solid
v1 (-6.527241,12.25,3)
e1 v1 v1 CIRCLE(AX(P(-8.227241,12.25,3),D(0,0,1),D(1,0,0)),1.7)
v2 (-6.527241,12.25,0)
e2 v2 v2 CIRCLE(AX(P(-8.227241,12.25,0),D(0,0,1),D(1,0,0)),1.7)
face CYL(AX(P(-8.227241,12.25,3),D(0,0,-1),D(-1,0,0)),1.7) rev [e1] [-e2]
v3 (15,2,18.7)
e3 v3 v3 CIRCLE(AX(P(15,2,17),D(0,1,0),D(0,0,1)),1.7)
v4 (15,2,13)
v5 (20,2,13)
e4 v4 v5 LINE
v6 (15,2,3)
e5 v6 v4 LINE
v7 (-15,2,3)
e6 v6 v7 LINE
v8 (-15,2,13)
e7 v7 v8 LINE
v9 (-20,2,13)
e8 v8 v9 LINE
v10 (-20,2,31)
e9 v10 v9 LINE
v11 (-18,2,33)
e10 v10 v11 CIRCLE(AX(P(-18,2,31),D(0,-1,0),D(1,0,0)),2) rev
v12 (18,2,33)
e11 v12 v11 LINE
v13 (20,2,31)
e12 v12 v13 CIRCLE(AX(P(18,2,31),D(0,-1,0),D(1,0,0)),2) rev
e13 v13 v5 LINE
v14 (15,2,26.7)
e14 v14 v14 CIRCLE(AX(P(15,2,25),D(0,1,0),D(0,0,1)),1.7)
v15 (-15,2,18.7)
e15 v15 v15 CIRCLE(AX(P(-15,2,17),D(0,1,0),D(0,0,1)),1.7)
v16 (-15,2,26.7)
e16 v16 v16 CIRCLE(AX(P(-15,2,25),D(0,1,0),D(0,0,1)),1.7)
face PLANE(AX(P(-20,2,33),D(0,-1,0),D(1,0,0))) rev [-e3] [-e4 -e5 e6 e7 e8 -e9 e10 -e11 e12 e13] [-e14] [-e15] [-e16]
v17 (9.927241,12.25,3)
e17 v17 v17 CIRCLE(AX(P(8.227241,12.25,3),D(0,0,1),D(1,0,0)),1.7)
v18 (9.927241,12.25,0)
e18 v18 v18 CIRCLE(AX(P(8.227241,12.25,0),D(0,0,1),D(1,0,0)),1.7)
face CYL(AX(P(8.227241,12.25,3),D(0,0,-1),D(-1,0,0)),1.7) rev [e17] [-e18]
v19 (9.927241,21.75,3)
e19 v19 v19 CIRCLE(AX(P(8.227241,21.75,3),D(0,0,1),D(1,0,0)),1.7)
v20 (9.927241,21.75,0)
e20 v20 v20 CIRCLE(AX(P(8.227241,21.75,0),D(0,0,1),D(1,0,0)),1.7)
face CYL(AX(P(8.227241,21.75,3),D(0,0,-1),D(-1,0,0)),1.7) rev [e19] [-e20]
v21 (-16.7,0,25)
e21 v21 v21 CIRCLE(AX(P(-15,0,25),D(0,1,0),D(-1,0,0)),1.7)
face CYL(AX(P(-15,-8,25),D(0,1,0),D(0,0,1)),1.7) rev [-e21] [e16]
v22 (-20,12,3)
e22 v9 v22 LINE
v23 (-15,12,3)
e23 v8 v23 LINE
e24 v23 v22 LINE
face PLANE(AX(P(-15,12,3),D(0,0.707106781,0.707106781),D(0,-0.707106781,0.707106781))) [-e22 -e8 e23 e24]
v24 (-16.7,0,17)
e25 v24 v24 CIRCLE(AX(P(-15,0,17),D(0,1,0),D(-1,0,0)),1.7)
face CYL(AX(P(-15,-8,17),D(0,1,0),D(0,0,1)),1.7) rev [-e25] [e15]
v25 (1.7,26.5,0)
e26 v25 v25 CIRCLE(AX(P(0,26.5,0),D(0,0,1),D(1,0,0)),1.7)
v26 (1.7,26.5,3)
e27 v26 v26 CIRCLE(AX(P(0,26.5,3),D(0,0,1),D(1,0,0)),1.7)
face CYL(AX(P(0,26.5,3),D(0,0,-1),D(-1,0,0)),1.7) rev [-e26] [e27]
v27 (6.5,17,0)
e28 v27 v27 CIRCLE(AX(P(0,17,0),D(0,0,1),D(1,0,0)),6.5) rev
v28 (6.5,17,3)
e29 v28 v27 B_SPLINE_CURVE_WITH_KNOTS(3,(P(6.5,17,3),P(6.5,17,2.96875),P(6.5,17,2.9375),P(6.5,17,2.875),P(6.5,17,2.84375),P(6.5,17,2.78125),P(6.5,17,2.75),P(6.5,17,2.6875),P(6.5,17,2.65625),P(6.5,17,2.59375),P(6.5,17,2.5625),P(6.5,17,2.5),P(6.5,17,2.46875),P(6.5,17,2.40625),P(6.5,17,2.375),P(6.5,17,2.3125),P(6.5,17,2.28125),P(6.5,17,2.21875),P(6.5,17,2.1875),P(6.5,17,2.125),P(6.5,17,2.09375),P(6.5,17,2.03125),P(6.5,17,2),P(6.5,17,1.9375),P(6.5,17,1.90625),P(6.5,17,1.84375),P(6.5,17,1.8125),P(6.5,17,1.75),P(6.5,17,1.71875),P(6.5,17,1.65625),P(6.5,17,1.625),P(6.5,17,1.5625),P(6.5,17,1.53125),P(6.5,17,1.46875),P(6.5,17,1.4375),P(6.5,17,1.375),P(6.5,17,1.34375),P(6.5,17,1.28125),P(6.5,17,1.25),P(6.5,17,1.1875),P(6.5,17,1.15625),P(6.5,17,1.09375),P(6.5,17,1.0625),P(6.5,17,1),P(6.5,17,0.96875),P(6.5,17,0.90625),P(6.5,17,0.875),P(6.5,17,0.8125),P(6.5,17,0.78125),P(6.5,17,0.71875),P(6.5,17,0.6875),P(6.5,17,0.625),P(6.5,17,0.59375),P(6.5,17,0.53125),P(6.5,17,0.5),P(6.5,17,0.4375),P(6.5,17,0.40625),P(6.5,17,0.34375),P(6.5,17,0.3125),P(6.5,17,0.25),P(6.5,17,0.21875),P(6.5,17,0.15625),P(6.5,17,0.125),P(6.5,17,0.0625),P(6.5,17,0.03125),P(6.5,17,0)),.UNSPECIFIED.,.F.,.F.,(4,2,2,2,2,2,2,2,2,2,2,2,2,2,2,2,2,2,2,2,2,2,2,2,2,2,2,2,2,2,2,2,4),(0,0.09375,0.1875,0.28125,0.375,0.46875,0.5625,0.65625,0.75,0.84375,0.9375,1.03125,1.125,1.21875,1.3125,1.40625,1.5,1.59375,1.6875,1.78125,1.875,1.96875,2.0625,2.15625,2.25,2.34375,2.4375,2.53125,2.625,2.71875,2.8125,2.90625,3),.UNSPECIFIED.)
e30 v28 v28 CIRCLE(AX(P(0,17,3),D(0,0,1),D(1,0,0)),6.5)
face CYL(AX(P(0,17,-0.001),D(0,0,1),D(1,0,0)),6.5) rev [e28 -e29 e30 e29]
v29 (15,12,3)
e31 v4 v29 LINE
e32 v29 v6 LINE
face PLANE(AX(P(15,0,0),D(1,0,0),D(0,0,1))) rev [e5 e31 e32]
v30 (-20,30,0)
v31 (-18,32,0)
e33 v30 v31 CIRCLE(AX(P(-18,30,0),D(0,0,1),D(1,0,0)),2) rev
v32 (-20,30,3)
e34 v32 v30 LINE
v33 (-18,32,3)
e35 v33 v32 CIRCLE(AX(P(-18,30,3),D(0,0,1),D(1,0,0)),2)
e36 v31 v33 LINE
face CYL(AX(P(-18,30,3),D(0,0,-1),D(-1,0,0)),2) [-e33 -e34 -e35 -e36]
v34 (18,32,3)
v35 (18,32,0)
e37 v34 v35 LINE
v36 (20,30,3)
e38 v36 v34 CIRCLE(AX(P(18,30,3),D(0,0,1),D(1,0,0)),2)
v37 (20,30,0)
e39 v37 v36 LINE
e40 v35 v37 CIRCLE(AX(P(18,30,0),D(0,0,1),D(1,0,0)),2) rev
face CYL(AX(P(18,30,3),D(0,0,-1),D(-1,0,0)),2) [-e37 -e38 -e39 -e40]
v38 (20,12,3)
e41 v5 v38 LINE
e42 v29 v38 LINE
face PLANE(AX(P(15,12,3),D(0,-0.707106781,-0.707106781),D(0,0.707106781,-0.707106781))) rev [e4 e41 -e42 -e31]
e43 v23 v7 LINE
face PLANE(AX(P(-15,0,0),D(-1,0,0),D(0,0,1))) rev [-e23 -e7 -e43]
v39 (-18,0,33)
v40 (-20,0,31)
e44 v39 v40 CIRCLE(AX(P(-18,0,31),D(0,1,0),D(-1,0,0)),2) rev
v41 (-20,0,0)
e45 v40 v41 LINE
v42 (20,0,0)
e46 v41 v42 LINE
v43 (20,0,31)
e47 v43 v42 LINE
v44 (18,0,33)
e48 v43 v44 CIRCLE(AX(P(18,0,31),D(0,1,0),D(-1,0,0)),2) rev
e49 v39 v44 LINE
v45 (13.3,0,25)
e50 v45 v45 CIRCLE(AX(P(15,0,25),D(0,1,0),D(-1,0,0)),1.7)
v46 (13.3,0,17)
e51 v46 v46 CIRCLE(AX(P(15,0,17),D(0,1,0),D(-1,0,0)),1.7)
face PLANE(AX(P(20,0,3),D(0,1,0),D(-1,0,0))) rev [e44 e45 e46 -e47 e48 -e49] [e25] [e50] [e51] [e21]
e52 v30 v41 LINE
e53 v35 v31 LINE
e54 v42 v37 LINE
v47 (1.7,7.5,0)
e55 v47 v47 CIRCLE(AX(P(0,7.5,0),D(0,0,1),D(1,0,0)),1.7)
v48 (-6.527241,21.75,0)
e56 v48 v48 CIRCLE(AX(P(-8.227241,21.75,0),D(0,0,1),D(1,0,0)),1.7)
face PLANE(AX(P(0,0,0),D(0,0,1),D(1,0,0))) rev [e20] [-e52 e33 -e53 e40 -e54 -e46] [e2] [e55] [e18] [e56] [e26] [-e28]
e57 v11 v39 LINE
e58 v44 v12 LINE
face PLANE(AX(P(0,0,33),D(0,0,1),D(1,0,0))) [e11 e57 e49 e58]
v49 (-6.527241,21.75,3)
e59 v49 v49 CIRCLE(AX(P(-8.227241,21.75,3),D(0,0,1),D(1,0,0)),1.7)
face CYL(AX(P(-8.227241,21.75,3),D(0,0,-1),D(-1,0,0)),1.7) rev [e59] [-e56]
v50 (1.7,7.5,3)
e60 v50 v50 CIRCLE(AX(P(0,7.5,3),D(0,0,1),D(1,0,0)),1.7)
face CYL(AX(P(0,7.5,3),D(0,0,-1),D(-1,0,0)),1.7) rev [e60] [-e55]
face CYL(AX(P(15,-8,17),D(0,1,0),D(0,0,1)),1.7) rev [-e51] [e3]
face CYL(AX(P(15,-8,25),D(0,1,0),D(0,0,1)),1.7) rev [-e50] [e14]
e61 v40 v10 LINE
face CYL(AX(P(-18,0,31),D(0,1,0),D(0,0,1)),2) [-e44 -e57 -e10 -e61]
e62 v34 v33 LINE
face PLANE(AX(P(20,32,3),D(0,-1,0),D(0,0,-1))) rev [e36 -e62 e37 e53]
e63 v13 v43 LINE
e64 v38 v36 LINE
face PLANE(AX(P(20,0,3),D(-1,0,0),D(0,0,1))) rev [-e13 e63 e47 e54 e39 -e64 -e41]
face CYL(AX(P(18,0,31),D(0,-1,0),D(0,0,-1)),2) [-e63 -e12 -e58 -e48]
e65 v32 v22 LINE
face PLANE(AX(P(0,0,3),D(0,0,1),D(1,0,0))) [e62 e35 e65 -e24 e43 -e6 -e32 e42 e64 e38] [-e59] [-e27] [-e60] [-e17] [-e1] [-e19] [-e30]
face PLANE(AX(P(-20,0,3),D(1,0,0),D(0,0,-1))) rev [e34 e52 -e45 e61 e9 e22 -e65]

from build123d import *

# Parameters (mm, degrees)
SKETCH_2_W          = 40
SKETCH_2_H          = 32
SKETCH_2_R          = 1.7
EXTRUDE_2_DEPTH     = 3
CUT_EXTRUDE_1_REACH = 39.855
SKETCH_3_R          = 6.5
SKETCH_4_W          = 40
SKETCH_4_H          = 2
EXTRUDE_3_DEPTH     = 30
EXTRUDE_4_DEPTH     = 5
FILLET_1_R          = 2
SKETCH_6_R          = 1.7
CUT_EXTRUDE_2_DEPTH = 10


with BuildPart() as part:
    # 草图2 → 凸台-拉伸2 (new body)
    with BuildSketch(Plane.XY):
        with Locations((0, 16)):
            Rectangle(SKETCH_2_W, SKETCH_2_H)
        with Locations((0, 26.5)):
            Circle(SKETCH_2_R, mode=Mode.SUBTRACT)
        with Locations((8.227241336, 21.75)):
            Circle(SKETCH_2_R, mode=Mode.SUBTRACT)
        with Locations((8.227241336, 12.25)):
            Circle(SKETCH_2_R, mode=Mode.SUBTRACT)
        with Locations((0, 7.5)):
            Circle(SKETCH_2_R, mode=Mode.SUBTRACT)
        with Locations((-8.227241336, 12.25)):
            Circle(SKETCH_2_R, mode=Mode.SUBTRACT)
        with Locations((-8.227241336, 21.75)):
            Circle(SKETCH_2_R, mode=Mode.SUBTRACT)
    extrude(amount=EXTRUDE_2_DEPTH)

    # 草图3 → 切除-拉伸1 (cut, up to next)
    with BuildSketch(Plane.XY.offset(3), mode=Mode.PRIVATE) as cut_extrude_1_sk1:
        with Locations((0, 17)):
            Circle(SKETCH_3_R)
    cut_extrude_1_tool1 = extrude(cut_extrude_1_sk1.sketch, amount=-CUT_EXTRUDE_1_REACH, mode=Mode.PRIVATE) & part.part
    add(cut_extrude_1_tool1.solids().sort_by_distance((0, 17, 3))[0], mode=Mode.SUBTRACT)

    # 草图4 → 凸台-拉伸3 (add)
    with BuildSketch(Plane.XY.offset(3)):
        with Locations((0, 1)):
            Rectangle(SKETCH_4_W, SKETCH_4_H)
    extrude(amount=EXTRUDE_3_DEPTH)

    # 草图5 → 凸台-拉伸4 (add)
    with BuildSketch(Plane.ZY.offset(20)):
        Polygon((3, 12), (13, 2), (3, 2), align=None)
    extrude_4 = extrude(amount=-EXTRUDE_4_DEPTH)

    # 镜向1: 凸台-拉伸4 across plane
    add(extrude_4.mirror(Plane(origin=(0, 0, 0), x_dir=(0, 0, 1), z_dir=(1, 0, 0))))

    # 圆角1
    fillet_1_edges = [part.edges().sort_by_distance(p)[0] for p in [
        (-20, 1, 33),
        (20, 1, 33),
        (-20, 32, 1.5),
        (20, 32, 1.5),
    ]]
    fillet(fillet_1_edges, radius=FILLET_1_R)

    # 草图6 → 切除-拉伸2 (cut)
    with BuildSketch(Plane(origin=(0, 2, 0), x_dir=(1, 0, 0), z_dir=(0, 1, 0))):
        with Locations(Location((-15, -17, 0), (0, 0, 270))):
            Circle(SKETCH_6_R)
        with Locations(Location((15, -17, 0), (0, 0, 270))):
            Circle(SKETCH_6_R)
        with Locations(Location((-15, -25, 0), (0, 0, 270))):
            Circle(SKETCH_6_R)
        with Locations(Location((15, -25, 0), (0, 0, 270))):
            Circle(SKETCH_6_R)
    extrude(amount=-CUT_EXTRUDE_2_DEPTH, mode=Mode.SUBTRACT)


solid = part.part
